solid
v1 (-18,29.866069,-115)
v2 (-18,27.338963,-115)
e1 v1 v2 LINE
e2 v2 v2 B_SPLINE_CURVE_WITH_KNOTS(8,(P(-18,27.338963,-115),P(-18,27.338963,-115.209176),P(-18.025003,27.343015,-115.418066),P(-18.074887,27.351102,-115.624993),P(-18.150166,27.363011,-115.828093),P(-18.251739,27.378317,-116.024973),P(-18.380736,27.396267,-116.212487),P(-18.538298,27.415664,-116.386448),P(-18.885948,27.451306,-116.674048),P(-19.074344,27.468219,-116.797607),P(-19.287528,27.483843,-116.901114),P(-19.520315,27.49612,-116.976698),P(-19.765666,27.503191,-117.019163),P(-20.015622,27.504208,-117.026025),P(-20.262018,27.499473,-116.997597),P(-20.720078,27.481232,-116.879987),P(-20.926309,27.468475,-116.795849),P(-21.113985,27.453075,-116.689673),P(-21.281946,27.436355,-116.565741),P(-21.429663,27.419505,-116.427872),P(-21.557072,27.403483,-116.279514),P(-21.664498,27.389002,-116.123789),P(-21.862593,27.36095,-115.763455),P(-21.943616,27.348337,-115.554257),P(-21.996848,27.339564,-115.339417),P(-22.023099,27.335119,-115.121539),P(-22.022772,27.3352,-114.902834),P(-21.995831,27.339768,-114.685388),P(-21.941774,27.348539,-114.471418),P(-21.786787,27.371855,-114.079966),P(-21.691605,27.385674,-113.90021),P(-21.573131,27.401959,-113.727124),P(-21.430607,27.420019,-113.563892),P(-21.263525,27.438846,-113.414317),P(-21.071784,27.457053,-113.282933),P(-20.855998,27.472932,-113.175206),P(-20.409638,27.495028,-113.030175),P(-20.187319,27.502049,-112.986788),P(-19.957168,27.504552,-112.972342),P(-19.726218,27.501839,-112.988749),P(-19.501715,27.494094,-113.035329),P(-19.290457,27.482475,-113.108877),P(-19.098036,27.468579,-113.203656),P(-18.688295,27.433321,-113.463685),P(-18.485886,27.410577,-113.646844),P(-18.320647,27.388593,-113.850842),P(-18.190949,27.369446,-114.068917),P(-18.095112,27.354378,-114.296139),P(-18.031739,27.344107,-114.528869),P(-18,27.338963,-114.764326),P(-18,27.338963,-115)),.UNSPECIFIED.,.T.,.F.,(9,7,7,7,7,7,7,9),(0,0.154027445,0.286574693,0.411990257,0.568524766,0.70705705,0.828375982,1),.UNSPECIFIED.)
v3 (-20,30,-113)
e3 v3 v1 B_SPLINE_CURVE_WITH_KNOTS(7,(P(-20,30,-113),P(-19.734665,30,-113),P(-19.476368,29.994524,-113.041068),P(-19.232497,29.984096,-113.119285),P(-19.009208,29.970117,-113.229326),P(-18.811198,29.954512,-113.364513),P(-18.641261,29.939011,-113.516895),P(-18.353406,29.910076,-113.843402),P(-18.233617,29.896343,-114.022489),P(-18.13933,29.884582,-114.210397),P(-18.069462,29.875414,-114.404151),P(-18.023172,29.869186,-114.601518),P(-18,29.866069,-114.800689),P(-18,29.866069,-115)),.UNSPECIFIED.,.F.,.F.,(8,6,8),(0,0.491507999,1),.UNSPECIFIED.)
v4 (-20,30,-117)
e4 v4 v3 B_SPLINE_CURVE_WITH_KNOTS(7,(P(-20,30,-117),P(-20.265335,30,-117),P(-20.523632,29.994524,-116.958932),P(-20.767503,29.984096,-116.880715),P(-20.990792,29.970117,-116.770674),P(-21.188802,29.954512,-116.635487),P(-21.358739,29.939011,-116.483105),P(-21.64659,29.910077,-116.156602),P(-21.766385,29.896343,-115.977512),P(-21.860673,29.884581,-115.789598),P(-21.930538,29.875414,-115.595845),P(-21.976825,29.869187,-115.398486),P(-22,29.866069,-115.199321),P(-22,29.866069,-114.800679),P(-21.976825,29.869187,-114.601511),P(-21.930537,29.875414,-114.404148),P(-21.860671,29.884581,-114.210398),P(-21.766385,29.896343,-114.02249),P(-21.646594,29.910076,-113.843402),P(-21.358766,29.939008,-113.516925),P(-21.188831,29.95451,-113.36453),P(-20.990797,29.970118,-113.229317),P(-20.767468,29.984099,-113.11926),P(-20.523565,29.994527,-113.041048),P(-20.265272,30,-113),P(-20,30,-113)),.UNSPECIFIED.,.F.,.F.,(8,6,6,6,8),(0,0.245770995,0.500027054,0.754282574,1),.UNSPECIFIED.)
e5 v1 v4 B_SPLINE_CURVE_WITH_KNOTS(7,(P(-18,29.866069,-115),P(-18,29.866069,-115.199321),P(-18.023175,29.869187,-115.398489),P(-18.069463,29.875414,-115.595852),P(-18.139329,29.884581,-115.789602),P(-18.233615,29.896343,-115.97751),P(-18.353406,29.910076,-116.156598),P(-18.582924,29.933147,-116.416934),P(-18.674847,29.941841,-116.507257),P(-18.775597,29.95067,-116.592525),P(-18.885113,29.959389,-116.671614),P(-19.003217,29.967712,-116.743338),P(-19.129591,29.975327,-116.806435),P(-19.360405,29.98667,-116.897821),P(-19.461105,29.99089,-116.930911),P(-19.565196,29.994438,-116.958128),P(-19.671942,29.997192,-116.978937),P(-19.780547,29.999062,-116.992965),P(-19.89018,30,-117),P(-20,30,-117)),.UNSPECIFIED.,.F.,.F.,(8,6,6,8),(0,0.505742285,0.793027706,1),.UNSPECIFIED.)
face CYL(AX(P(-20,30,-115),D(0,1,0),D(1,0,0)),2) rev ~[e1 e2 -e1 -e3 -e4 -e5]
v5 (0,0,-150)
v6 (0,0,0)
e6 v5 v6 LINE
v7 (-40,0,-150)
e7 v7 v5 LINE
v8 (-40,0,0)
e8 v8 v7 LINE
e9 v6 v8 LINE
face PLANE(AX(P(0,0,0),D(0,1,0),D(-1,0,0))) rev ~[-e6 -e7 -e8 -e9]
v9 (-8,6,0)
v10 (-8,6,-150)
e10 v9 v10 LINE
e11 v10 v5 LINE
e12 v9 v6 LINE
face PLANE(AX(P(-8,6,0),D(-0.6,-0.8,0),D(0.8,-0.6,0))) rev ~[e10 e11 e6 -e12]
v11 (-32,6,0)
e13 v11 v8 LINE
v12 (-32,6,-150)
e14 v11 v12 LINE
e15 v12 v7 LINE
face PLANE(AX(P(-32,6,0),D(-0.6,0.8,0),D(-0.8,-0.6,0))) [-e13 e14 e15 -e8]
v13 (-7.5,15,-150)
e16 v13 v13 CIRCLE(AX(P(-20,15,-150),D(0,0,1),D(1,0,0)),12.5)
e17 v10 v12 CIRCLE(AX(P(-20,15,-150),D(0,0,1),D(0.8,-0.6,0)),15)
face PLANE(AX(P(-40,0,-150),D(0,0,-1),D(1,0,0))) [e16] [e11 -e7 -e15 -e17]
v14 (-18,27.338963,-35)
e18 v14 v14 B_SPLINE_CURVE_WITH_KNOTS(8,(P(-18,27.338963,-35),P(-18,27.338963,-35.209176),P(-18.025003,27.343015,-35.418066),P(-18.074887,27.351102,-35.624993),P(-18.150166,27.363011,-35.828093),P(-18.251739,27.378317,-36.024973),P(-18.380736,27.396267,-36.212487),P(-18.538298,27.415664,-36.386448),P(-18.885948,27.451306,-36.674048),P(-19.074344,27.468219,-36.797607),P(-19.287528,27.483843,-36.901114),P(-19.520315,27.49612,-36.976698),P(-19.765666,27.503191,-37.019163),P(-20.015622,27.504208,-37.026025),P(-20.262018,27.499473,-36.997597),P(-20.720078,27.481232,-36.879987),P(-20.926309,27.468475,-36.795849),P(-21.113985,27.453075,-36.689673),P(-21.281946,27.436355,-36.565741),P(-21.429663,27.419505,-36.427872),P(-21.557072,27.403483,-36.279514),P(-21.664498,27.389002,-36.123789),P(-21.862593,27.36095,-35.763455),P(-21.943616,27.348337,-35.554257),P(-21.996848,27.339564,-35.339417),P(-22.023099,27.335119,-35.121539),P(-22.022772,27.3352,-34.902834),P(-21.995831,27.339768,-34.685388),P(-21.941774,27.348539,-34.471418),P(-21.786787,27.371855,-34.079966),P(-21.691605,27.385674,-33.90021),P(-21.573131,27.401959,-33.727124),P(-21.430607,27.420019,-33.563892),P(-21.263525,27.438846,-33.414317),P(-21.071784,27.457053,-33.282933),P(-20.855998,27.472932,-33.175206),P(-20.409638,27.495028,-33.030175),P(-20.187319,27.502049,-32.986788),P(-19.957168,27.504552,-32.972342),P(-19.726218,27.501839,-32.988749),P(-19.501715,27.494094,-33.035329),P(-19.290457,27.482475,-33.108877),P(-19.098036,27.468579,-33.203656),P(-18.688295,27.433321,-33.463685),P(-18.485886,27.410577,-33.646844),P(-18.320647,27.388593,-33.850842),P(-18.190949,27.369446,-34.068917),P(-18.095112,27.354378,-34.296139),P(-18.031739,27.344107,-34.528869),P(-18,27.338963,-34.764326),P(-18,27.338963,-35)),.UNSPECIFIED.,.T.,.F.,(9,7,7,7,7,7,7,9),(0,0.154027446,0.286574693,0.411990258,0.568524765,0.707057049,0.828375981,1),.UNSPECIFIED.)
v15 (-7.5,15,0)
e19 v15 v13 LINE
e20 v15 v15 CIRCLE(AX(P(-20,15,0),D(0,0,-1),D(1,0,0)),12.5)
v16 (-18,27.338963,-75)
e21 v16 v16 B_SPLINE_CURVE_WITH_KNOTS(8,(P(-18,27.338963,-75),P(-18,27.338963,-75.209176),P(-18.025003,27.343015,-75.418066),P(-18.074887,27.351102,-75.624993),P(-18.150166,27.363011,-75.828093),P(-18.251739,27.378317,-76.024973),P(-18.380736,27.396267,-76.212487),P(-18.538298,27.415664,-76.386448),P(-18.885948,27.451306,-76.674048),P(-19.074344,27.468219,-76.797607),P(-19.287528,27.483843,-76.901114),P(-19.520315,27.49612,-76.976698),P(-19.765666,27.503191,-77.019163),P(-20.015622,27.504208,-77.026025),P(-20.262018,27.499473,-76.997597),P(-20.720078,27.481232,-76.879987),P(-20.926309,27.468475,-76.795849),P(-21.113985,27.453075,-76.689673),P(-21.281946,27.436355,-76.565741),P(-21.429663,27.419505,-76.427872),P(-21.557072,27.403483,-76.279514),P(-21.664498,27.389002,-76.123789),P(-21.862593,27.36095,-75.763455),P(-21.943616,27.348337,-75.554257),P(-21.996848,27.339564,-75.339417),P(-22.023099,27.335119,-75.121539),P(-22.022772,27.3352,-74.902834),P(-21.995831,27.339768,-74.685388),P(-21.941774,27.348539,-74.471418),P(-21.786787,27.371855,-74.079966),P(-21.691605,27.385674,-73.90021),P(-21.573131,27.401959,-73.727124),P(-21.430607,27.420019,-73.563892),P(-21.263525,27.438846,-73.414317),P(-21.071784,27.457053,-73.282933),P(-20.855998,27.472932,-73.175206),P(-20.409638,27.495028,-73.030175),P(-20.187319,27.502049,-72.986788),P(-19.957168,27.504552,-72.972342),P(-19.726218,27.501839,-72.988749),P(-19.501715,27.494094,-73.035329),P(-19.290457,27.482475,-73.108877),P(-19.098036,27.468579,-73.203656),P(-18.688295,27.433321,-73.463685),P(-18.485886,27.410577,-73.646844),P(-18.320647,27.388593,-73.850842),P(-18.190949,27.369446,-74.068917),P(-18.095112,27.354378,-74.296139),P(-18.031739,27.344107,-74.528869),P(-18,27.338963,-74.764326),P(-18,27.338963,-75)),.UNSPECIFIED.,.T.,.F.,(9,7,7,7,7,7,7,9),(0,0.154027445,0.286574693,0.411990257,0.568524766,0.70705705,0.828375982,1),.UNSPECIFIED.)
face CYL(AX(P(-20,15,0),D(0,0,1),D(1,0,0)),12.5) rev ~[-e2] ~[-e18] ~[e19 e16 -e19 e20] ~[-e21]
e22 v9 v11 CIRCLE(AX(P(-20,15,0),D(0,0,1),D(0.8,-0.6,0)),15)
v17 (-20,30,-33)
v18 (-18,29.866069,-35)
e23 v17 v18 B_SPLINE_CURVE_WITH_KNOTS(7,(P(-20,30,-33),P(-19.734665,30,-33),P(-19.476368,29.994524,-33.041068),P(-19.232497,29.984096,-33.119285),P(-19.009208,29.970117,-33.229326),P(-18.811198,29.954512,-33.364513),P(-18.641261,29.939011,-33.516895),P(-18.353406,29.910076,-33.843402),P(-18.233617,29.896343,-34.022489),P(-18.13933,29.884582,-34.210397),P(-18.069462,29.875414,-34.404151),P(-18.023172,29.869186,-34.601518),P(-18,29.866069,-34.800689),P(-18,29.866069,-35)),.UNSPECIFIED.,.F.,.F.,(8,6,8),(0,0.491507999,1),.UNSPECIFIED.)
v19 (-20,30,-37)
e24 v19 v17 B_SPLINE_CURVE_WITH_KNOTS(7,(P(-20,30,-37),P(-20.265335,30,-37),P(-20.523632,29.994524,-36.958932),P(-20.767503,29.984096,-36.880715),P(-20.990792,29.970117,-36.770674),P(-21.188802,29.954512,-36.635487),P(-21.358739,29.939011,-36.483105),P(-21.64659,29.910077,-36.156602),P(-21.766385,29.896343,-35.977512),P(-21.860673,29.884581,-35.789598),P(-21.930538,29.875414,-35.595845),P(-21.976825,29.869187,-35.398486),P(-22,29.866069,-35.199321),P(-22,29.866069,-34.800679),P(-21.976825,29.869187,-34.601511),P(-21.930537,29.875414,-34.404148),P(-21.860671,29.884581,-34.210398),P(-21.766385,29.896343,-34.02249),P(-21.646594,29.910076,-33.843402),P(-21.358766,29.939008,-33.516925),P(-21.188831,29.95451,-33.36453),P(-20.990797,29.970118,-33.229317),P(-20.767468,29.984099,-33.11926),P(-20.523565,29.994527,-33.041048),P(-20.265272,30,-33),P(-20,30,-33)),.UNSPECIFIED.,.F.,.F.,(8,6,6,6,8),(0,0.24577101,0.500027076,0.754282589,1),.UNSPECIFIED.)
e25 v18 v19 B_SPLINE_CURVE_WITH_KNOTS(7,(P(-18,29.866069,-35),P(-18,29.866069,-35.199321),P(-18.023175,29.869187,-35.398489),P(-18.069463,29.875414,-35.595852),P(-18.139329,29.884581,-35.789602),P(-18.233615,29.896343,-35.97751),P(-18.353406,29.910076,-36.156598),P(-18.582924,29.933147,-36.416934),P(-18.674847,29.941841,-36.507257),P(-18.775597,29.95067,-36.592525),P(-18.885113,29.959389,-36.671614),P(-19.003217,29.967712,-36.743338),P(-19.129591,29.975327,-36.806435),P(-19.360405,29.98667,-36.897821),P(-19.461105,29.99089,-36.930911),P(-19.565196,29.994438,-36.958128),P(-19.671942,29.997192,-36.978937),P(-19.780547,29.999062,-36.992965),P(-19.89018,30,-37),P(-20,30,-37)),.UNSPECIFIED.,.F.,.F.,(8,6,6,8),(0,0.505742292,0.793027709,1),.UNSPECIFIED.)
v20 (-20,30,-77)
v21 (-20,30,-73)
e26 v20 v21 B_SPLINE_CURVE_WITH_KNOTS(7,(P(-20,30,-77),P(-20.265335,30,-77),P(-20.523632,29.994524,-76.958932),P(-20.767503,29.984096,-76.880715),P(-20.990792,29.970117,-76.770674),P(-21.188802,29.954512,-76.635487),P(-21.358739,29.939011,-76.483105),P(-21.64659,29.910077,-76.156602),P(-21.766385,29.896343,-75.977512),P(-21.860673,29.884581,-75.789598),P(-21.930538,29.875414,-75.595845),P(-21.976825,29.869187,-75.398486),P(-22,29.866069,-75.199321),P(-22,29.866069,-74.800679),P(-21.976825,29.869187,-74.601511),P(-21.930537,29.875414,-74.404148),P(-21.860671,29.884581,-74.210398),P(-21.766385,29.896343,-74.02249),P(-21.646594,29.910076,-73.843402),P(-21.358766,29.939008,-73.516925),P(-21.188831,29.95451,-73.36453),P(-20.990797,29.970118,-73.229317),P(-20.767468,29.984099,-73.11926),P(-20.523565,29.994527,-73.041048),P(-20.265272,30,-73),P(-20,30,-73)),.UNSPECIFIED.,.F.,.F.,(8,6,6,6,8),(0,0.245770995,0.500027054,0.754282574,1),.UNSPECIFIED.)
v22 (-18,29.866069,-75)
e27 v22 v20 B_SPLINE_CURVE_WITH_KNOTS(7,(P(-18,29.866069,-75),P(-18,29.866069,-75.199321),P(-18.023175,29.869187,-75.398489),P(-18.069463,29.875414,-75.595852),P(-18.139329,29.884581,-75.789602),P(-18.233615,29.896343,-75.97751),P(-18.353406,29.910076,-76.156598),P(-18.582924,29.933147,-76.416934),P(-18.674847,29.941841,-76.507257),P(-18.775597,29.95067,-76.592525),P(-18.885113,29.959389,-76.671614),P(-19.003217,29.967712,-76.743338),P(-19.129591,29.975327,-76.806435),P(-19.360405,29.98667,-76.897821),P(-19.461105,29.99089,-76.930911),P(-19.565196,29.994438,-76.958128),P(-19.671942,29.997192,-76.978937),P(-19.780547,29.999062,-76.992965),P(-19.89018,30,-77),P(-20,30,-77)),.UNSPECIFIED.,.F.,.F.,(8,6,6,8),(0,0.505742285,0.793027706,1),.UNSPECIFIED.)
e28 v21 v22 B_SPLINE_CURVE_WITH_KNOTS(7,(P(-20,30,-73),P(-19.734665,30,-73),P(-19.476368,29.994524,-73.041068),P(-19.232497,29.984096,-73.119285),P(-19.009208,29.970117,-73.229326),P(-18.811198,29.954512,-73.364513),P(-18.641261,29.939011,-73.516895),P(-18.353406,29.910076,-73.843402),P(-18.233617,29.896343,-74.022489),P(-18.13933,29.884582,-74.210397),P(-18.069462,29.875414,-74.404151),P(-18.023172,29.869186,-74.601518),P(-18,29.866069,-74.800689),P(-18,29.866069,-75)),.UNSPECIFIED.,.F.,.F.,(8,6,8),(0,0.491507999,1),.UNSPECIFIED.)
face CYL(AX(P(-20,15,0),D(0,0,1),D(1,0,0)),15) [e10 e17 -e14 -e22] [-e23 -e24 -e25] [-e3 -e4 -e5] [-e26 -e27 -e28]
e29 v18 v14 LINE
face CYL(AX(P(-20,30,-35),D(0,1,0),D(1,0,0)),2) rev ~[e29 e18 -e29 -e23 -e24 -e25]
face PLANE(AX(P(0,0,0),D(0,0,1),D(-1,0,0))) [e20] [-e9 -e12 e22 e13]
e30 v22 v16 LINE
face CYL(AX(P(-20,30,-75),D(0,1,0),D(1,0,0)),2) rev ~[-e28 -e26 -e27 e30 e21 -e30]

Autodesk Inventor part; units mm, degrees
ref_plane "YZ Plane" through (0, 0, 0) normal (1, 0, 0) x (0, 1, 0)
ref_plane "XZ Plane" through (0, 0, 0) normal (0, 1, 0) x (-1, 0, 0)
ref_plane "XY Plane" through (0, 0, 0) normal (0, 0, 1) x (1, 0, 0)
sketch "Sketch1" plane through (0, 0, 0) normal (0, 1, 0) x (-1, 0, 0)
  line L0 (0, 0) -> (60, 0)
  line L1 (60, 0) -> (60, -150)
  line L2 (60, -150) -> (0, -150)
  line L3 (0, -150) -> (0, 0)
  line L4 (0, 0) -> (40, 0)
  line L5 (40, 0) -> (40, -150)
  line L6 (40, -150) -> (0, -150)
  line L7 (0, -150) -> (0, 0)
  dimension "d0" = 60
  dimension "d1" = 150
  dimension "d2" = 40
extrude "Extrusion1" add sketch "Sketch1" along normal blind 30 contours L0 L5 L2 L3
sketch "Sketch2" plane through (0, 30, 0) normal (0, 1, 0) x (1, 0, 0)
  line L0 (0, 150) -> (-40, 150) projected
  line L1 (-20, 150) -> (-20, 0)
  line L2 (-20, 0) -> (-20, 75)
  line L3 (-20, 75) -> (-20, 150)
  line L4 (-20, 75) -> (-20, 115)
  line L5 (-20, 75) -> (-20, 35)
  line L6 (-20, 35) -> (-20, 115)
  circle A0 centre (-20, 35) radius 1.65
  circle A1 centre (-20, 75) radius 1.75
  circle A2 centre (-20, 35) radius 1.75
  circle A3 centre (-20, 115) radius 1.75
  circle A4 centre (-20, 35) radius 2
  circle A5 centre (-20, 75) radius 2
  circle A6 centre (-20, 115) radius 2
  point P0 (0, 0)
  dimension "d5" = 40
  dimension "d6" = 40
  dimension "d7" = 3.3
  dimension "d8" = 3.5
  dimension "d9" = 3.5
  dimension "d10" = 3.5
  dimension "d11" = 4
  dimension "d12" = 4
  dimension "d13" = 4
extrude "Extrusion2" cut sketch "Sketch2" against normal blind 4
sketch "Sketch3" plane through (-40, 0, 0) normal (0, 0, 1) x (1, 0, 0)
  line L0 (0, 0) -> (0, 30) projected
  line L1 (40, 0) -> (40, 30) projected
  line L2 (0, 30) -> (40, 30)
  line L3 (40, 30) -> (40, 15)
  line L4 (40, 15) -> (0, 15)
  line L5 (0, 15) -> (0, 30)
  line L6 (0, 0) -> (40, 0) projected
  line L7 (40, 15) -> (20, 15)
  line L8 (20, 15) -> (20, 0)
  line L9 (20, 0) -> (40, 0)
  line L10 (40, 0) -> (40, 15)
  circle A0 centre (20, 15) radius 15
  line L11 (0, 0) -> (40, 0)
  line L12 (40, 0) -> (40, -5)
  line L13 (40, -5) -> (0, -5)
  line L14 (0, -5) -> (0, 0)
  circle A1 centre (20, 15) radius 12.5
  line L15 (20, 15) -> (0, 0)
  line L16 (20, 15) -> (40, 0)
  point P0 (20, 30)
  point P1 (32, 6)
  point P2 (8, 6)
  dimension "d16" = 30
  dimension "d17" = 5
  dimension "d18" = 25
extrude "Extrusion3" cut sketch "Sketch3" against normal blind 150 contours L0 L4 A0 L15 | L0 L2 A0 L4 | L16 A0 L4 L1 | A1 L15 L8 | L8 L16 A1 | A1 L4 L15 | L2 L1 L4 A0 | A1 L4 | L4 A1 L16
properties part number "Pin Cylinder"
